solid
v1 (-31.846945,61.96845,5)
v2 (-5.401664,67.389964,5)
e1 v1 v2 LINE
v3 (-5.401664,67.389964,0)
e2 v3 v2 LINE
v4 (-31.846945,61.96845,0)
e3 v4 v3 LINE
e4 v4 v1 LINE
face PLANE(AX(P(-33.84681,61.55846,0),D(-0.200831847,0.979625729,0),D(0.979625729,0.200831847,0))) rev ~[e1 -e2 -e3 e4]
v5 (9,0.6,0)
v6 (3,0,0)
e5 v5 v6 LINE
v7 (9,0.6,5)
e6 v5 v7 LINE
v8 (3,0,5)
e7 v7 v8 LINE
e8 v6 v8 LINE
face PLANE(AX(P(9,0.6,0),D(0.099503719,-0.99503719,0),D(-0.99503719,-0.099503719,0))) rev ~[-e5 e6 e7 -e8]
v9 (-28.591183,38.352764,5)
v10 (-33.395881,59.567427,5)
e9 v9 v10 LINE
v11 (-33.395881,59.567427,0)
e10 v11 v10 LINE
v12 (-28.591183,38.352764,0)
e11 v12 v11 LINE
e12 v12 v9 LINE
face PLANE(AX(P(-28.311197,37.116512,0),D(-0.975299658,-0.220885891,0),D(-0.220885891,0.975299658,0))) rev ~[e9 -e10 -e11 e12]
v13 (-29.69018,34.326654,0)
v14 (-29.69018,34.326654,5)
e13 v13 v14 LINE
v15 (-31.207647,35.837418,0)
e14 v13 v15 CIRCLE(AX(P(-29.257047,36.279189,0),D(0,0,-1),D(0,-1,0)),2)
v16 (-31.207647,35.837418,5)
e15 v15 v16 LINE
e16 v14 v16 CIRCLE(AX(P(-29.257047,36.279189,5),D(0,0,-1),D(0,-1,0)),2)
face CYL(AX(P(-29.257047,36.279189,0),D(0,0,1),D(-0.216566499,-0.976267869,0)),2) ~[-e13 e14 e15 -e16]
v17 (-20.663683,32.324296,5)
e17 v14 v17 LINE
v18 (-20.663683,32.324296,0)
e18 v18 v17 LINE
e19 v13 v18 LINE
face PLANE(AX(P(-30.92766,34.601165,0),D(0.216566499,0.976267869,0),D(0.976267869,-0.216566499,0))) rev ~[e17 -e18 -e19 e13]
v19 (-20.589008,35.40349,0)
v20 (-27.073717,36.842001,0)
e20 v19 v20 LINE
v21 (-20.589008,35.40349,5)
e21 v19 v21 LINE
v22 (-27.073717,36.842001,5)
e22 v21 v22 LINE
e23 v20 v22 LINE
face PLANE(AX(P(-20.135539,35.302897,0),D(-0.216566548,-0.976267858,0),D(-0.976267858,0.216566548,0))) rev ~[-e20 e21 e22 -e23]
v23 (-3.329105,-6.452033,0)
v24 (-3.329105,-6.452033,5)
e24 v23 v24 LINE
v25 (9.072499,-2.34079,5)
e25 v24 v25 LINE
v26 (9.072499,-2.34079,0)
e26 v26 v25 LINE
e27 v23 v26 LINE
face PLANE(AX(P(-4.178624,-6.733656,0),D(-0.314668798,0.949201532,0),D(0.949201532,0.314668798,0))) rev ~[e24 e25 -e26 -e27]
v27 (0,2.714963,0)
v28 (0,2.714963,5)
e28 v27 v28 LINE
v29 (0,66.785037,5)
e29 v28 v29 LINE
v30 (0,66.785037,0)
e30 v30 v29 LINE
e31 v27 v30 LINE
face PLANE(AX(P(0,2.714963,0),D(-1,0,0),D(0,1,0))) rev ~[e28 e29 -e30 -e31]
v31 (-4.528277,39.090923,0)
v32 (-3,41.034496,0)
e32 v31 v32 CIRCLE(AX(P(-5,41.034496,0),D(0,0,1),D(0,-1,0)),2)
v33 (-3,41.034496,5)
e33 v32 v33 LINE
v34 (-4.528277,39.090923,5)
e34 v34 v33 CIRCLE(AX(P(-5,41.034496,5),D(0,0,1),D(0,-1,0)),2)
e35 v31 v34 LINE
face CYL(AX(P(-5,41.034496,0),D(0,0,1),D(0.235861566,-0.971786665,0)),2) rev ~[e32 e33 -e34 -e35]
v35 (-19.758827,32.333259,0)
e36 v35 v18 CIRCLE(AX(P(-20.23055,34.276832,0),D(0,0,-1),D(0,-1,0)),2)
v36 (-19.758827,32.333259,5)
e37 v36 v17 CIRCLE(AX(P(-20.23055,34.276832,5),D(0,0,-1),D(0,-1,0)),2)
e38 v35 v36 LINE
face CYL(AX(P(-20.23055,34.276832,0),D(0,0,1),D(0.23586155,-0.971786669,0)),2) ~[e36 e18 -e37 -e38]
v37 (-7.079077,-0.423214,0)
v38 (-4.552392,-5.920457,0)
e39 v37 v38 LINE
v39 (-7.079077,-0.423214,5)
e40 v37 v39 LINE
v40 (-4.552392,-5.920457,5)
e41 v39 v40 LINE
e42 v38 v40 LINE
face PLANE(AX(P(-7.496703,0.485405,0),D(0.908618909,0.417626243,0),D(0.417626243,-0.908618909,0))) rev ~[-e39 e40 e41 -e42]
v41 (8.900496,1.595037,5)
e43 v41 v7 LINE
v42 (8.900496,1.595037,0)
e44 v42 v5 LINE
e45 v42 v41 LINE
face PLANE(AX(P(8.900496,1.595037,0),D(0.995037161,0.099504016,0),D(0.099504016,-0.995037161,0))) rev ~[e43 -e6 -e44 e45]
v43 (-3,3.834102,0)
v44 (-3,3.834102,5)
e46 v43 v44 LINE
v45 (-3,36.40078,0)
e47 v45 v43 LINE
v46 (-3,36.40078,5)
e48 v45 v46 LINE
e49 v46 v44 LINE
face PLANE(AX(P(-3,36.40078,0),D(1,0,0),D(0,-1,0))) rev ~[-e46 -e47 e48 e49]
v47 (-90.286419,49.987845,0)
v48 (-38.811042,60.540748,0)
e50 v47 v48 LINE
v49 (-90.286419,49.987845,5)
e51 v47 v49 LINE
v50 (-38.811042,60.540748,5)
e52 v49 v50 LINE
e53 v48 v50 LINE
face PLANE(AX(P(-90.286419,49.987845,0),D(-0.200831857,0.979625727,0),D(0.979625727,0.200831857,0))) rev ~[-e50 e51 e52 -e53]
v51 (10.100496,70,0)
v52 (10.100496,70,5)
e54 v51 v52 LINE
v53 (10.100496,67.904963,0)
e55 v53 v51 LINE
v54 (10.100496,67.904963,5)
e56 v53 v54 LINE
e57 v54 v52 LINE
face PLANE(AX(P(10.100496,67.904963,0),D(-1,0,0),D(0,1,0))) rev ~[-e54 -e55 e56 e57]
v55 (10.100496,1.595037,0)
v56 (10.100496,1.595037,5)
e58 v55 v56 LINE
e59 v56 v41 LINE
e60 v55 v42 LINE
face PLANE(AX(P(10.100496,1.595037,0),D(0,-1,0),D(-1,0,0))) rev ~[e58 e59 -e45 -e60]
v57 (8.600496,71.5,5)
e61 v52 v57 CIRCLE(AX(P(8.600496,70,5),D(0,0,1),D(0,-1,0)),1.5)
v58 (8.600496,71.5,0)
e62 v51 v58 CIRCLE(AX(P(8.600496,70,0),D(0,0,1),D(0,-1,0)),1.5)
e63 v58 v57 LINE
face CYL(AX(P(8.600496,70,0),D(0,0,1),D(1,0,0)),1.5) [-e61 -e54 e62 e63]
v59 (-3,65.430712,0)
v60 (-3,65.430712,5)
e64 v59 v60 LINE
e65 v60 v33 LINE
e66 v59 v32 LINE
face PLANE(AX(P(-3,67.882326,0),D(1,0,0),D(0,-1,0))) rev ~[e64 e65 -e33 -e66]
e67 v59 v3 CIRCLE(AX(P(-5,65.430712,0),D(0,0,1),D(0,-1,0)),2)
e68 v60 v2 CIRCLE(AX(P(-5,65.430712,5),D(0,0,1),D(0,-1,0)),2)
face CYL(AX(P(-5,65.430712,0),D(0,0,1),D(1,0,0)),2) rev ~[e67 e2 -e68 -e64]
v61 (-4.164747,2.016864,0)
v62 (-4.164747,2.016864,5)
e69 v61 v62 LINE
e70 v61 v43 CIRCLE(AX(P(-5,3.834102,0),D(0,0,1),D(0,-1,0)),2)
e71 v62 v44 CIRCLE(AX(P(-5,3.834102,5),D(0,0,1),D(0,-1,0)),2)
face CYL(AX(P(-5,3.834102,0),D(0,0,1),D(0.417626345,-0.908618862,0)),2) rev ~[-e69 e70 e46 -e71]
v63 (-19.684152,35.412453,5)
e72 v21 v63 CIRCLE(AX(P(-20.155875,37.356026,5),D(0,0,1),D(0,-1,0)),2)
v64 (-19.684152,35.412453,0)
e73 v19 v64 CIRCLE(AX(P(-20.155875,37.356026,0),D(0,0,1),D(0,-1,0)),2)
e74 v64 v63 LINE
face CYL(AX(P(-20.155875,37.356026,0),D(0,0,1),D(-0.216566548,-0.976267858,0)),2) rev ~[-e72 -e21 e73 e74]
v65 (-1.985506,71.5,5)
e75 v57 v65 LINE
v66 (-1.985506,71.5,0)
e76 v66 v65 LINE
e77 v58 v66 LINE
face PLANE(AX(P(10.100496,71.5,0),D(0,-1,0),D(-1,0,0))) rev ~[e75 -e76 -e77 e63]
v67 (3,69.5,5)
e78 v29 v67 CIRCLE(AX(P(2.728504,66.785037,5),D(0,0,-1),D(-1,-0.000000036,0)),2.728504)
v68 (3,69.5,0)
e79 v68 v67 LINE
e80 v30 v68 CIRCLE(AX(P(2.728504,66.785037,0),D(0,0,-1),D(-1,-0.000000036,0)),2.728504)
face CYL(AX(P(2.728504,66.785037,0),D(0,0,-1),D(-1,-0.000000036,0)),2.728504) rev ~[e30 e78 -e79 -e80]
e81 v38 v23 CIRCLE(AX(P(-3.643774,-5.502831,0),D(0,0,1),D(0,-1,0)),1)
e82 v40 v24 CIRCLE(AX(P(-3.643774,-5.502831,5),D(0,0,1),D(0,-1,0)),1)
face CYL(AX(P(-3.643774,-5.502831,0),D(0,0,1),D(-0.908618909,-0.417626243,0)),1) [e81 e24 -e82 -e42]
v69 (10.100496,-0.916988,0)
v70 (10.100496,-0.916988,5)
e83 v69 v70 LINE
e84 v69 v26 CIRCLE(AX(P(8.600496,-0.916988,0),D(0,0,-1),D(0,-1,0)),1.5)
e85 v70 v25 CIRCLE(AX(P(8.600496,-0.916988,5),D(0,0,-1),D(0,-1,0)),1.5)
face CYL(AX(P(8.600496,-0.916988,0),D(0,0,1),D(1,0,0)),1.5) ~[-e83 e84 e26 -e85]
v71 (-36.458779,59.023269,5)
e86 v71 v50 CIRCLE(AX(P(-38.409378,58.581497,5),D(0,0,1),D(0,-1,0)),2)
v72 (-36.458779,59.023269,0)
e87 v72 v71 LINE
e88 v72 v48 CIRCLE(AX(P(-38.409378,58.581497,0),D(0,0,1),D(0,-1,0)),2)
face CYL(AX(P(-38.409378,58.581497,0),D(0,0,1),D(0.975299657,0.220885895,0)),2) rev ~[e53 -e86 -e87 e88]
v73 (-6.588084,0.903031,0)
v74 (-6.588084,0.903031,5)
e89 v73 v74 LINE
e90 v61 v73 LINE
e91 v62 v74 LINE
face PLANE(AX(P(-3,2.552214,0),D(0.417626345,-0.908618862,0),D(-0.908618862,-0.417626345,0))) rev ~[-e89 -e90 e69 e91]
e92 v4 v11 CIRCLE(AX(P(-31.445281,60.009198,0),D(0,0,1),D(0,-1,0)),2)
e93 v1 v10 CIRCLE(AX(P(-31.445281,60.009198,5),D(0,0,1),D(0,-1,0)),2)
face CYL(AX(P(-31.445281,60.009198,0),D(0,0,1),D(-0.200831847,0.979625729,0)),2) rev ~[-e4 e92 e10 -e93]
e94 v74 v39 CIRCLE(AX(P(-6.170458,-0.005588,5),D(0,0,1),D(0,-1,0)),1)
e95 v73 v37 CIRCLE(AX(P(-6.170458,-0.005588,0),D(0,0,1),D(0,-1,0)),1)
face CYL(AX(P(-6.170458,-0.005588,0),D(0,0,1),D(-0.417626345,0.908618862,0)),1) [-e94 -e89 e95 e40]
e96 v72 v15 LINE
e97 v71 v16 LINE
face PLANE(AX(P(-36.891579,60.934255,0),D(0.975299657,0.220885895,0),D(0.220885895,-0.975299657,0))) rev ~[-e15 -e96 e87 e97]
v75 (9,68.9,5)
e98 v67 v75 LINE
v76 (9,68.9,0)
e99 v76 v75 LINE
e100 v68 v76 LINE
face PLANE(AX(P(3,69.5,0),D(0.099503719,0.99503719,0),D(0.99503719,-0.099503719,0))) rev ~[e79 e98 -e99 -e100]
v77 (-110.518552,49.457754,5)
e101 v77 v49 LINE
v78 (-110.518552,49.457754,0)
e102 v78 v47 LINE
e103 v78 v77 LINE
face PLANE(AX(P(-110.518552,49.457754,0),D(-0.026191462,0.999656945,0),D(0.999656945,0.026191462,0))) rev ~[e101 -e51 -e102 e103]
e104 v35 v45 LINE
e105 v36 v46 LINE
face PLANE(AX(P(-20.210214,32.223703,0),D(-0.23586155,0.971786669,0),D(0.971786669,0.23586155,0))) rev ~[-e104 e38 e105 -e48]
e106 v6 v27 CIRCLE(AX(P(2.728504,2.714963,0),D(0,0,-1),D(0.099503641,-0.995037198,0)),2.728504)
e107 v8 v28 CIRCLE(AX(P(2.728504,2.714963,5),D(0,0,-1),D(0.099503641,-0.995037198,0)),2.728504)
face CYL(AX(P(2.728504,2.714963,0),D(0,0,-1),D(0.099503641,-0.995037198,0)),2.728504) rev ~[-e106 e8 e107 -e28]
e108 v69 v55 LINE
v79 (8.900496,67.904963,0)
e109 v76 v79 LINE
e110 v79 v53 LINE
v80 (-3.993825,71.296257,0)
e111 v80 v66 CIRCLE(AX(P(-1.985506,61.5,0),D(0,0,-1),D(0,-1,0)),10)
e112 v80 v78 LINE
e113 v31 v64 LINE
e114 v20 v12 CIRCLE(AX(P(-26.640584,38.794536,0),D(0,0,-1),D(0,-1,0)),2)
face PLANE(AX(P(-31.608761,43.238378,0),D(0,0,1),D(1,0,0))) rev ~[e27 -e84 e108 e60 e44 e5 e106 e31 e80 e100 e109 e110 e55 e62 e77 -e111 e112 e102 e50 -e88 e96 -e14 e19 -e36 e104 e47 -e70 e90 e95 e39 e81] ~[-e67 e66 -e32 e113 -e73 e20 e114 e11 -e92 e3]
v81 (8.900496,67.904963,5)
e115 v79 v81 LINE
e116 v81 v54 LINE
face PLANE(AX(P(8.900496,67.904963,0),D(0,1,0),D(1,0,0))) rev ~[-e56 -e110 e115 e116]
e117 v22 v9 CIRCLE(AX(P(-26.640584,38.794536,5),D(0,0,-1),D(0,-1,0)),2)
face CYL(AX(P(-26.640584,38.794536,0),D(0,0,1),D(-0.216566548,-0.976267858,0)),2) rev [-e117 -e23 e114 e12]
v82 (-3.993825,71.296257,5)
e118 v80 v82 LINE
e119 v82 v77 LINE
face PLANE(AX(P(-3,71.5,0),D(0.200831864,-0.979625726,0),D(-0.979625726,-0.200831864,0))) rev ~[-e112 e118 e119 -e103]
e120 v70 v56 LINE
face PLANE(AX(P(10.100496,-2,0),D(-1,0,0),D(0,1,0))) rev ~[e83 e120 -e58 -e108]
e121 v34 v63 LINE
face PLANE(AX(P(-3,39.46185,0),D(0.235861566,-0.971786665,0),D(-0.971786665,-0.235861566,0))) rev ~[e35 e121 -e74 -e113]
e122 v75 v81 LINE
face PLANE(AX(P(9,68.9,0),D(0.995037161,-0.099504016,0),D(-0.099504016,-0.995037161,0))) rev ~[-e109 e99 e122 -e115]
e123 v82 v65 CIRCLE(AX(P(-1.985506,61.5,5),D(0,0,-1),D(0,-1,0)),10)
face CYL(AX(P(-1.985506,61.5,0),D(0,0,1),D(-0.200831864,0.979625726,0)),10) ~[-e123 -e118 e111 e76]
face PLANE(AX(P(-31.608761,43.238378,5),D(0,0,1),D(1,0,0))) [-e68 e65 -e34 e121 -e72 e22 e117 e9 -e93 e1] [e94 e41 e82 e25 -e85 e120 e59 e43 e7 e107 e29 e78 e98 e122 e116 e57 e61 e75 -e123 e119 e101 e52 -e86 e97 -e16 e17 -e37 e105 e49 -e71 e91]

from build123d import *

# Parameters (mm, degrees)
F1_DEPTH = 5
F2_R     = 1.5
F3_R     = 2
F4_R     = 10
F5_R     = 1


with BuildPart() as f1:
    # F0 (on Top) → F1 (new body)
    with BuildSketch(Plane.XY):
        with BuildLine():
            Line((9, 0.6), (3, 0))
            ThreePointArc((3, 0), (0.897663, 0.691907), (0, 2.714963))
            Line((0, 2.714963), (0, 66.785037))
            ThreePointArc((0, 66.785037), (0.897663, 68.808093), (3, 69.5))
            Line((3, 69.5), (9, 68.9))
            Line((9, 68.9), (8.900496, 67.904963))
            Line((8.900496, 67.904963), (10.100496, 67.904963))
            Line((10.100496, 67.904963), (10.100496, 71.5))
            Line((10.100496, 71.5), (-3, 71.5))
            Line((-3, 71.5), (-110.518552, 49.457754))
            Line((-110.518552, 49.457754), (-90.286419, 49.987845))
            Line((-90.286419, 49.987845), (-36.891579, 60.934255))
            Line((-36.891579, 60.934255), (-30.92766, 34.601165))
            Line((-30.92766, 34.601165), (-20.210214, 32.223703))
            Line((-20.210214, 32.223703), (-3, 36.40078))
            Line((-3, 36.40078), (-3, 2.552214))
            Line((-3, 2.552214), (-7.496703, 0.485405))
            Line((-7.496703, 0.485405), (-4.178624, -6.733656))
            Line((-4.178624, -6.733656), (10.100496, -2))
            Line((10.100496, -2), (10.100496, 1.595037))
            Line((10.100496, 1.595037), (8.900496, 1.595037))
            Line((8.900496, 1.595037), (9, 0.6))
        make_face()
        Polygon((-28.311197, 37.116512), (-33.84681, 61.55846), (-3, 67.882326), (-3, 39.46185), (-20.135539, 35.302897), align=None, mode=Mode.SUBTRACT)
    extrude(amount=F1_DEPTH)

    # F2
    f2_edges = [f1.edges().sort_by_distance(p)[0] for p in [
        (10.100496, 71.5, 2.5),
        (10.100496, -2, 2.5),
    ]]
    fillet(f2_edges, radius=F2_R)

    # F3
    f3_edges = [f1.edges().sort_by_distance(p)[0] for p in [
        (-3, 2.552214, 2.5),
        (-3, 39.46185, 2.5),
        (-20.135539, 35.302897, 2.5),
        (-28.311197, 37.116512, 2.5),
        (-33.84681, 61.55846, 2.5),
        (-3, 67.882326, 2.5),
        (-36.891579, 60.934255, 2.5),
        (-30.92766, 34.601165, 2.5),
        (-20.210214, 32.223703, 2.5),
    ]]
    fillet(f3_edges, radius=F3_R)

    # F4
    f4_edges = [f1.edges().sort_by_distance(p)[0] for p in [
        (-3, 71.5, 2.5),
    ]]
    fillet(f4_edges, radius=F4_R)

    # F5
    f5_edges = [f1.edges().sort_by_distance(p)[0] for p in [
        (-4.178624, -6.733656, 2.5),
        (-7.496703, 0.485405, 2.5),
    ]]
    fillet(f5_edges, radius=F5_R)


solid = f1.part
